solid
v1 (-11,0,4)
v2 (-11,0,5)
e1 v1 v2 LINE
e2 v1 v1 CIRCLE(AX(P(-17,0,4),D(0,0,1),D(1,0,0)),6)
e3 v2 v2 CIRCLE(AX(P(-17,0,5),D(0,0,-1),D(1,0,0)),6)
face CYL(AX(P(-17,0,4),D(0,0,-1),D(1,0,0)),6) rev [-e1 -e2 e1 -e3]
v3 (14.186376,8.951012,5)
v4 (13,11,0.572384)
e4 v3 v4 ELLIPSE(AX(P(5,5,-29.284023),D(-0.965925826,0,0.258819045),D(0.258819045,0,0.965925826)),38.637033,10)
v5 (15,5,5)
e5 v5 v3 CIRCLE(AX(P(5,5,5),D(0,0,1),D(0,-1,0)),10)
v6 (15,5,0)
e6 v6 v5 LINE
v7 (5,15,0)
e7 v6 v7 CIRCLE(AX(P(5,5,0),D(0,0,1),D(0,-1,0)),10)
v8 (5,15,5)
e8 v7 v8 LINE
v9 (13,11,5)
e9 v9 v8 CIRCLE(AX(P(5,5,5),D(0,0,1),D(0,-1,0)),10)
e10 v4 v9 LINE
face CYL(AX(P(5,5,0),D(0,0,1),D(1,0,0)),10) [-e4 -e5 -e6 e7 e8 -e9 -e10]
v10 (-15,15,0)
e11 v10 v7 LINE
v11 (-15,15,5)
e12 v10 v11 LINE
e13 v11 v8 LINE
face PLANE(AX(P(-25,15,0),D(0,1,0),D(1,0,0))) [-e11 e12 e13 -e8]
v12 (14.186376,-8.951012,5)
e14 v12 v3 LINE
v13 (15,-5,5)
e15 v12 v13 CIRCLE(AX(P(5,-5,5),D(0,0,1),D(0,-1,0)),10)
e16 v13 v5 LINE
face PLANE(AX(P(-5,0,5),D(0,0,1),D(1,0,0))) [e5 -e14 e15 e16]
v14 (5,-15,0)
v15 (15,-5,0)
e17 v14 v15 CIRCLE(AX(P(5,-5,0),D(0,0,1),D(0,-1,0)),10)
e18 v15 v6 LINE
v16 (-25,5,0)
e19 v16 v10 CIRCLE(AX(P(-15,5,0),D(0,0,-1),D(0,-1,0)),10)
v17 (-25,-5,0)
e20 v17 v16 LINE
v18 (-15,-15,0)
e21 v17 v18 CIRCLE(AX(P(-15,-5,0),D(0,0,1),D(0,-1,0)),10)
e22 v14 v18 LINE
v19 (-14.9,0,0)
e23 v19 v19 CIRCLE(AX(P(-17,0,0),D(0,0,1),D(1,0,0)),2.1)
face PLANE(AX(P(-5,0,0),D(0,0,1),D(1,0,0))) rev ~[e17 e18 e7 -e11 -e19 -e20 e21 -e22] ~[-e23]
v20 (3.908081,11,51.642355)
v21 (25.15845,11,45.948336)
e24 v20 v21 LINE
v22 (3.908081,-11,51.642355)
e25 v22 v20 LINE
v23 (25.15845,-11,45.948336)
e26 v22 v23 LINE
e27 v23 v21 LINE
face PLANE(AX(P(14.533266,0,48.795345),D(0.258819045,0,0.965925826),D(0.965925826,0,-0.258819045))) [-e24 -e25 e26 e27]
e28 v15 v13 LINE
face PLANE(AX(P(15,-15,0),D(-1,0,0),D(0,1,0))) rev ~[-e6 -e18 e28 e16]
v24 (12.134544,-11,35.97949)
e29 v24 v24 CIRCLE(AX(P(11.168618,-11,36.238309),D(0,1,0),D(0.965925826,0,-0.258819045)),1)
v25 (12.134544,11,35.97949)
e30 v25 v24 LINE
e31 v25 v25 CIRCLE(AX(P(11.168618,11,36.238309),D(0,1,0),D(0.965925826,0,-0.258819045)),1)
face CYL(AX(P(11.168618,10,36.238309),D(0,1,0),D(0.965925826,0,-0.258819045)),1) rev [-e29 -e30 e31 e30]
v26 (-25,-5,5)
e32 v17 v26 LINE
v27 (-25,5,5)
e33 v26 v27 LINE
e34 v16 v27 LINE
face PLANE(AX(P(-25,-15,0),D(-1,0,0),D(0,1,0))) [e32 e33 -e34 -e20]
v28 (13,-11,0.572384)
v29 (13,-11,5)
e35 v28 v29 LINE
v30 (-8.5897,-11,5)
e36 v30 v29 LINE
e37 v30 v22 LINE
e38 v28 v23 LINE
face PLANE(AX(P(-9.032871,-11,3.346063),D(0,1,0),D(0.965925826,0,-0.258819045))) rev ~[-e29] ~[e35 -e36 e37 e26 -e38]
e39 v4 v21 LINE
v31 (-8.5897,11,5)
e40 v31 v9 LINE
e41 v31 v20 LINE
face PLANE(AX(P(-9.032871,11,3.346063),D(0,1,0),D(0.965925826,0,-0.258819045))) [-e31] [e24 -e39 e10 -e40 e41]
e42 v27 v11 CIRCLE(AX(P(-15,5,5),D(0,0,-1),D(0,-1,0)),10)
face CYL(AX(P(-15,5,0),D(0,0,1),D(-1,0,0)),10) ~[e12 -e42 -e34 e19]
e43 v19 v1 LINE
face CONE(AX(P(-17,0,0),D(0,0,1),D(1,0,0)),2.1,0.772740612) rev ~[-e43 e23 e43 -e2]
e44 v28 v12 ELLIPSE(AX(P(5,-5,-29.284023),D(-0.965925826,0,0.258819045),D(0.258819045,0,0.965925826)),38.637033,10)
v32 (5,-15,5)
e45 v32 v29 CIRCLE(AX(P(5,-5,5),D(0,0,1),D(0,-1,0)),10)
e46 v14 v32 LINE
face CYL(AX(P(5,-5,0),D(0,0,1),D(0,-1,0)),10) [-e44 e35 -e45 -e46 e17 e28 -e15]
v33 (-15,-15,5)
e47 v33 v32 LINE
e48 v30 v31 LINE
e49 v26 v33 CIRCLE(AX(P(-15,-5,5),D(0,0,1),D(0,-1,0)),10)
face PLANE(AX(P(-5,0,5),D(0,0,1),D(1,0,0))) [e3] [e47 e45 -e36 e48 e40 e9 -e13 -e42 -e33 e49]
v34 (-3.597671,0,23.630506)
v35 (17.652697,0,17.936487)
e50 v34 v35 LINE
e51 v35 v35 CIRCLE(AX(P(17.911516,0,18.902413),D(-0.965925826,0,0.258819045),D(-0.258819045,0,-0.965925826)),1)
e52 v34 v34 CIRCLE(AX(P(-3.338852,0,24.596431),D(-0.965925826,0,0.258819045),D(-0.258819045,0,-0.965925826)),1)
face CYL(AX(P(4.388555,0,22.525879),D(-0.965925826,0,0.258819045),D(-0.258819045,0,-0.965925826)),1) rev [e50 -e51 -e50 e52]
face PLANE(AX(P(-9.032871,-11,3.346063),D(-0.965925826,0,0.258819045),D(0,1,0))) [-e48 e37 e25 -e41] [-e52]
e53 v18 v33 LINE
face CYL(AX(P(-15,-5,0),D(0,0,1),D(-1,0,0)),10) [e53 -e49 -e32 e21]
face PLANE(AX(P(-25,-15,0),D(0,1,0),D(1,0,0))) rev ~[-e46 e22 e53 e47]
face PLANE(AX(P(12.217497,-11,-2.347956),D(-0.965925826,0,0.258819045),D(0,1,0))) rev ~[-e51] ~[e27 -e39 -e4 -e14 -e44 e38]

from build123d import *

# Parameters (mm, degrees)
BOX010_W                = 100
BOX010_H                = 100
BOX010_DEPTH            = 20
CYLINDER010_R           = 6
CYLINDER010_DEPTH       = 60
CYLINDER011_R           = 2.1
CYLINDER011_DEPTH       = 40
BOX009_W                = 40
BOX009_H                = 30
BOX009_DEPTH            = 5
FILLET002_R             = 10
CYLINDER013_R           = 1
CYLINDER013_DEPTH       = 60
CYLINDER014_R           = 1
CYLINDER014_DEPTH       = 40
BODY005_PLACEMENT_ANGLE = 90
CYLINDER015_R           = 1
CYLINDER015_DEPTH       = 60
CYLINDER016_R           = 1
CYLINDER016_DEPTH       = 40
BODY006_PLACEMENT_ANGLE = 90
BOX008_W                = 22
BOX008_H                = 22
BOX008_DEPTH            = 50
CUT003_PLACEMENT_ANGLE  = 15


with BuildPart() as base_cube002:
    # Box010 → Box010 (new body)
    with BuildSketch(Plane(origin=(-8, -50, -20), x_dir=(1, 0, 0), z_dir=(0, 0, 1))):
        with Locations((50, 50)):
            Rectangle(BOX010_W, BOX010_H)
    extrude(amount=BOX010_DEPTH)


with BuildPart() as cone005:
    # Cone005 → Cone005 (revolve)
    with BuildSketch(Plane.XZ):
        Polygon((0, 0), (2.1, 0), (6, 4), (0, 4), align=None)
    revolve(axis=Axis((0, 0, 0), (0, 0, 1)))


with BuildPart() as cylinder010:
    # Cylinder010 → Cylinder010 (new body)
    with BuildSketch(Plane.XY.offset(4)):
        Circle(CYLINDER010_R)
    extrude(amount=CYLINDER010_DEPTH)


with BuildPart() as extraction_fusion001:
    # Cylinder011 → Cylinder011 (new body)
    with BuildSketch(Plane.XY.offset(-40)):
        Circle(CYLINDER011_R)
    extrude(amount=CYLINDER011_DEPTH)

    # Fusion012: union Cone005, Cylinder010
    add(cone005.part)
    add(cylinder010.part)


with BuildPart() as extraction_fusion001_1:
    # Fusion012 placement: moved
    add(extraction_fusion001.part.moved(Location((0, 0, 5))))


with BuildPart() as extraction_fusion001_2:
    # Body008 placement: moved
    add(extraction_fusion001_1.part.moved(Location((-17, 0, -5))))

    # Fusion014: union base cube002
    add(base_cube002.part)


with BuildPart() as base_cube_fillet001:
    # Box009 → Box009 (new body)
    with BuildSketch(Plane(origin=(-25, -15, 0), x_dir=(1, 0, 0), z_dir=(0, 0, 1))):
        with Locations((20, 15)):
            Rectangle(BOX009_W, BOX009_H)
    extrude(amount=BOX009_DEPTH)

    # Fillet002
    fillet002_edges = [base_cube_fillet001.edges().sort_by_distance(p)[0] for p in [
        (-25, -15, 2.5),
        (-25, 15, 2.5),
        (15, -15, 2.5),
        (15, 15, 2.5),
    ]]
    fillet(fillet002_edges, radius=FILLET002_R)


with BuildPart() as screw_hole_cylinder001:
    # Cylinder013 → Cylinder013 (new body)
    with BuildSketch(Plane.XY):
        Circle(CYLINDER013_R)
    extrude(amount=CYLINDER013_DEPTH)


with BuildPart() as m3_screw_hole_fusion_clone002:
    # Cylinder014 → Cylinder014 (new body)
    with BuildSketch(Plane.XY.offset(-40)):
        Circle(CYLINDER014_R)
    extrude(amount=CYLINDER014_DEPTH)

    # Fusion011: union screw hole cylinder001
    add(screw_hole_cylinder001.part)


with BuildPart() as m3_screw_hole_fusion_clone002_1:
    # Fusion011 placement: moved
    add(m3_screw_hole_fusion_clone002.part.moved(Location((0, 0, 5))))


with BuildPart() as m3_screw_hole_fusion_clone002_2:
    # Body005 placement: moved
    add(m3_screw_hole_fusion_clone002_1.part.moved(Location((11, 26, 37))).rotate(Axis((11, 26, 37), (1, 0, 0)), BODY005_PLACEMENT_ANGLE))


with BuildPart() as cylinder015:
    # Cylinder015 → Cylinder015 (new body)
    with BuildSketch(Plane.XY):
        Circle(CYLINDER015_R)
    extrude(amount=CYLINDER015_DEPTH)


with BuildPart() as m3_hole_fusion001:
    # Cylinder016 → Cylinder016 (new body)
    with BuildSketch(Plane.XY.offset(-40)):
        Circle(CYLINDER016_R)
    extrude(amount=CYLINDER016_DEPTH)

    # Fusion016: union Cylinder015
    add(cylinder015.part)


with BuildPart() as m3_hole_fusion001_1:
    # Fusion016 placement: moved
    add(m3_hole_fusion001.part.moved(Location((0, 0, 5))))


with BuildPart() as m3_hole_fusion001_2:
    # Body009 placement: moved
    add(m3_hole_fusion001_1.part.moved(Location((0, 0, -5))))


with BuildPart() as m3_hole_fusion001_3:
    # Clone006 placement: moved
    add(m3_hole_fusion001_2.part.moved(Location((0, 0, 10))))


with BuildPart() as m3_hole_fusion001_4:
    # Body006 placement: moved
    add(m3_hole_fusion001_3.part.moved(Location((-2, 11, 22))).rotate(Axis((-2, 11, 22), (0, 1, 0)), BODY006_PLACEMENT_ANGLE))

    # Fusion015: union m3 screw hole fusion clone002
    add(m3_screw_hole_fusion_clone002_2.part)


with BuildPart() as m3_hole_fusion001_5:
    # Fusion015 placement: moved
    add(m3_hole_fusion001_4.part.moved(Location((-7, 0, 0))))


with BuildPart() as stand_cut_v3:
    # Box008 → Box008 (new body)
    with BuildSketch(Plane(origin=(-7, 0, 0), x_dir=(1, 0, 0), z_dir=(0, 0, 1))):
        with Locations((11, 11)):
            Rectangle(BOX008_W, BOX008_H)
    extrude(amount=BOX008_DEPTH)

    # Cut003: cut m3 hole fusion001
    add(m3_hole_fusion001_5.part, mode=Mode.SUBTRACT)


with BuildPart() as stand_cut_v3_1:
    # Cut003 placement: moved
    add(stand_cut_v3.part.moved(Location((-2.27139, -11, 1.53433))).rotate(Axis((-2.27139, -11, 1.53433), (0, 1, 0)), CUT003_PLACEMENT_ANGLE))

    # Fusion013: union base cube fillet001
    add(base_cube_fillet001.part)

    # Cut004: cut extraction fusion001
    add(extraction_fusion001_2.part, mode=Mode.SUBTRACT)


solid = stand_cut_v3_1.part
